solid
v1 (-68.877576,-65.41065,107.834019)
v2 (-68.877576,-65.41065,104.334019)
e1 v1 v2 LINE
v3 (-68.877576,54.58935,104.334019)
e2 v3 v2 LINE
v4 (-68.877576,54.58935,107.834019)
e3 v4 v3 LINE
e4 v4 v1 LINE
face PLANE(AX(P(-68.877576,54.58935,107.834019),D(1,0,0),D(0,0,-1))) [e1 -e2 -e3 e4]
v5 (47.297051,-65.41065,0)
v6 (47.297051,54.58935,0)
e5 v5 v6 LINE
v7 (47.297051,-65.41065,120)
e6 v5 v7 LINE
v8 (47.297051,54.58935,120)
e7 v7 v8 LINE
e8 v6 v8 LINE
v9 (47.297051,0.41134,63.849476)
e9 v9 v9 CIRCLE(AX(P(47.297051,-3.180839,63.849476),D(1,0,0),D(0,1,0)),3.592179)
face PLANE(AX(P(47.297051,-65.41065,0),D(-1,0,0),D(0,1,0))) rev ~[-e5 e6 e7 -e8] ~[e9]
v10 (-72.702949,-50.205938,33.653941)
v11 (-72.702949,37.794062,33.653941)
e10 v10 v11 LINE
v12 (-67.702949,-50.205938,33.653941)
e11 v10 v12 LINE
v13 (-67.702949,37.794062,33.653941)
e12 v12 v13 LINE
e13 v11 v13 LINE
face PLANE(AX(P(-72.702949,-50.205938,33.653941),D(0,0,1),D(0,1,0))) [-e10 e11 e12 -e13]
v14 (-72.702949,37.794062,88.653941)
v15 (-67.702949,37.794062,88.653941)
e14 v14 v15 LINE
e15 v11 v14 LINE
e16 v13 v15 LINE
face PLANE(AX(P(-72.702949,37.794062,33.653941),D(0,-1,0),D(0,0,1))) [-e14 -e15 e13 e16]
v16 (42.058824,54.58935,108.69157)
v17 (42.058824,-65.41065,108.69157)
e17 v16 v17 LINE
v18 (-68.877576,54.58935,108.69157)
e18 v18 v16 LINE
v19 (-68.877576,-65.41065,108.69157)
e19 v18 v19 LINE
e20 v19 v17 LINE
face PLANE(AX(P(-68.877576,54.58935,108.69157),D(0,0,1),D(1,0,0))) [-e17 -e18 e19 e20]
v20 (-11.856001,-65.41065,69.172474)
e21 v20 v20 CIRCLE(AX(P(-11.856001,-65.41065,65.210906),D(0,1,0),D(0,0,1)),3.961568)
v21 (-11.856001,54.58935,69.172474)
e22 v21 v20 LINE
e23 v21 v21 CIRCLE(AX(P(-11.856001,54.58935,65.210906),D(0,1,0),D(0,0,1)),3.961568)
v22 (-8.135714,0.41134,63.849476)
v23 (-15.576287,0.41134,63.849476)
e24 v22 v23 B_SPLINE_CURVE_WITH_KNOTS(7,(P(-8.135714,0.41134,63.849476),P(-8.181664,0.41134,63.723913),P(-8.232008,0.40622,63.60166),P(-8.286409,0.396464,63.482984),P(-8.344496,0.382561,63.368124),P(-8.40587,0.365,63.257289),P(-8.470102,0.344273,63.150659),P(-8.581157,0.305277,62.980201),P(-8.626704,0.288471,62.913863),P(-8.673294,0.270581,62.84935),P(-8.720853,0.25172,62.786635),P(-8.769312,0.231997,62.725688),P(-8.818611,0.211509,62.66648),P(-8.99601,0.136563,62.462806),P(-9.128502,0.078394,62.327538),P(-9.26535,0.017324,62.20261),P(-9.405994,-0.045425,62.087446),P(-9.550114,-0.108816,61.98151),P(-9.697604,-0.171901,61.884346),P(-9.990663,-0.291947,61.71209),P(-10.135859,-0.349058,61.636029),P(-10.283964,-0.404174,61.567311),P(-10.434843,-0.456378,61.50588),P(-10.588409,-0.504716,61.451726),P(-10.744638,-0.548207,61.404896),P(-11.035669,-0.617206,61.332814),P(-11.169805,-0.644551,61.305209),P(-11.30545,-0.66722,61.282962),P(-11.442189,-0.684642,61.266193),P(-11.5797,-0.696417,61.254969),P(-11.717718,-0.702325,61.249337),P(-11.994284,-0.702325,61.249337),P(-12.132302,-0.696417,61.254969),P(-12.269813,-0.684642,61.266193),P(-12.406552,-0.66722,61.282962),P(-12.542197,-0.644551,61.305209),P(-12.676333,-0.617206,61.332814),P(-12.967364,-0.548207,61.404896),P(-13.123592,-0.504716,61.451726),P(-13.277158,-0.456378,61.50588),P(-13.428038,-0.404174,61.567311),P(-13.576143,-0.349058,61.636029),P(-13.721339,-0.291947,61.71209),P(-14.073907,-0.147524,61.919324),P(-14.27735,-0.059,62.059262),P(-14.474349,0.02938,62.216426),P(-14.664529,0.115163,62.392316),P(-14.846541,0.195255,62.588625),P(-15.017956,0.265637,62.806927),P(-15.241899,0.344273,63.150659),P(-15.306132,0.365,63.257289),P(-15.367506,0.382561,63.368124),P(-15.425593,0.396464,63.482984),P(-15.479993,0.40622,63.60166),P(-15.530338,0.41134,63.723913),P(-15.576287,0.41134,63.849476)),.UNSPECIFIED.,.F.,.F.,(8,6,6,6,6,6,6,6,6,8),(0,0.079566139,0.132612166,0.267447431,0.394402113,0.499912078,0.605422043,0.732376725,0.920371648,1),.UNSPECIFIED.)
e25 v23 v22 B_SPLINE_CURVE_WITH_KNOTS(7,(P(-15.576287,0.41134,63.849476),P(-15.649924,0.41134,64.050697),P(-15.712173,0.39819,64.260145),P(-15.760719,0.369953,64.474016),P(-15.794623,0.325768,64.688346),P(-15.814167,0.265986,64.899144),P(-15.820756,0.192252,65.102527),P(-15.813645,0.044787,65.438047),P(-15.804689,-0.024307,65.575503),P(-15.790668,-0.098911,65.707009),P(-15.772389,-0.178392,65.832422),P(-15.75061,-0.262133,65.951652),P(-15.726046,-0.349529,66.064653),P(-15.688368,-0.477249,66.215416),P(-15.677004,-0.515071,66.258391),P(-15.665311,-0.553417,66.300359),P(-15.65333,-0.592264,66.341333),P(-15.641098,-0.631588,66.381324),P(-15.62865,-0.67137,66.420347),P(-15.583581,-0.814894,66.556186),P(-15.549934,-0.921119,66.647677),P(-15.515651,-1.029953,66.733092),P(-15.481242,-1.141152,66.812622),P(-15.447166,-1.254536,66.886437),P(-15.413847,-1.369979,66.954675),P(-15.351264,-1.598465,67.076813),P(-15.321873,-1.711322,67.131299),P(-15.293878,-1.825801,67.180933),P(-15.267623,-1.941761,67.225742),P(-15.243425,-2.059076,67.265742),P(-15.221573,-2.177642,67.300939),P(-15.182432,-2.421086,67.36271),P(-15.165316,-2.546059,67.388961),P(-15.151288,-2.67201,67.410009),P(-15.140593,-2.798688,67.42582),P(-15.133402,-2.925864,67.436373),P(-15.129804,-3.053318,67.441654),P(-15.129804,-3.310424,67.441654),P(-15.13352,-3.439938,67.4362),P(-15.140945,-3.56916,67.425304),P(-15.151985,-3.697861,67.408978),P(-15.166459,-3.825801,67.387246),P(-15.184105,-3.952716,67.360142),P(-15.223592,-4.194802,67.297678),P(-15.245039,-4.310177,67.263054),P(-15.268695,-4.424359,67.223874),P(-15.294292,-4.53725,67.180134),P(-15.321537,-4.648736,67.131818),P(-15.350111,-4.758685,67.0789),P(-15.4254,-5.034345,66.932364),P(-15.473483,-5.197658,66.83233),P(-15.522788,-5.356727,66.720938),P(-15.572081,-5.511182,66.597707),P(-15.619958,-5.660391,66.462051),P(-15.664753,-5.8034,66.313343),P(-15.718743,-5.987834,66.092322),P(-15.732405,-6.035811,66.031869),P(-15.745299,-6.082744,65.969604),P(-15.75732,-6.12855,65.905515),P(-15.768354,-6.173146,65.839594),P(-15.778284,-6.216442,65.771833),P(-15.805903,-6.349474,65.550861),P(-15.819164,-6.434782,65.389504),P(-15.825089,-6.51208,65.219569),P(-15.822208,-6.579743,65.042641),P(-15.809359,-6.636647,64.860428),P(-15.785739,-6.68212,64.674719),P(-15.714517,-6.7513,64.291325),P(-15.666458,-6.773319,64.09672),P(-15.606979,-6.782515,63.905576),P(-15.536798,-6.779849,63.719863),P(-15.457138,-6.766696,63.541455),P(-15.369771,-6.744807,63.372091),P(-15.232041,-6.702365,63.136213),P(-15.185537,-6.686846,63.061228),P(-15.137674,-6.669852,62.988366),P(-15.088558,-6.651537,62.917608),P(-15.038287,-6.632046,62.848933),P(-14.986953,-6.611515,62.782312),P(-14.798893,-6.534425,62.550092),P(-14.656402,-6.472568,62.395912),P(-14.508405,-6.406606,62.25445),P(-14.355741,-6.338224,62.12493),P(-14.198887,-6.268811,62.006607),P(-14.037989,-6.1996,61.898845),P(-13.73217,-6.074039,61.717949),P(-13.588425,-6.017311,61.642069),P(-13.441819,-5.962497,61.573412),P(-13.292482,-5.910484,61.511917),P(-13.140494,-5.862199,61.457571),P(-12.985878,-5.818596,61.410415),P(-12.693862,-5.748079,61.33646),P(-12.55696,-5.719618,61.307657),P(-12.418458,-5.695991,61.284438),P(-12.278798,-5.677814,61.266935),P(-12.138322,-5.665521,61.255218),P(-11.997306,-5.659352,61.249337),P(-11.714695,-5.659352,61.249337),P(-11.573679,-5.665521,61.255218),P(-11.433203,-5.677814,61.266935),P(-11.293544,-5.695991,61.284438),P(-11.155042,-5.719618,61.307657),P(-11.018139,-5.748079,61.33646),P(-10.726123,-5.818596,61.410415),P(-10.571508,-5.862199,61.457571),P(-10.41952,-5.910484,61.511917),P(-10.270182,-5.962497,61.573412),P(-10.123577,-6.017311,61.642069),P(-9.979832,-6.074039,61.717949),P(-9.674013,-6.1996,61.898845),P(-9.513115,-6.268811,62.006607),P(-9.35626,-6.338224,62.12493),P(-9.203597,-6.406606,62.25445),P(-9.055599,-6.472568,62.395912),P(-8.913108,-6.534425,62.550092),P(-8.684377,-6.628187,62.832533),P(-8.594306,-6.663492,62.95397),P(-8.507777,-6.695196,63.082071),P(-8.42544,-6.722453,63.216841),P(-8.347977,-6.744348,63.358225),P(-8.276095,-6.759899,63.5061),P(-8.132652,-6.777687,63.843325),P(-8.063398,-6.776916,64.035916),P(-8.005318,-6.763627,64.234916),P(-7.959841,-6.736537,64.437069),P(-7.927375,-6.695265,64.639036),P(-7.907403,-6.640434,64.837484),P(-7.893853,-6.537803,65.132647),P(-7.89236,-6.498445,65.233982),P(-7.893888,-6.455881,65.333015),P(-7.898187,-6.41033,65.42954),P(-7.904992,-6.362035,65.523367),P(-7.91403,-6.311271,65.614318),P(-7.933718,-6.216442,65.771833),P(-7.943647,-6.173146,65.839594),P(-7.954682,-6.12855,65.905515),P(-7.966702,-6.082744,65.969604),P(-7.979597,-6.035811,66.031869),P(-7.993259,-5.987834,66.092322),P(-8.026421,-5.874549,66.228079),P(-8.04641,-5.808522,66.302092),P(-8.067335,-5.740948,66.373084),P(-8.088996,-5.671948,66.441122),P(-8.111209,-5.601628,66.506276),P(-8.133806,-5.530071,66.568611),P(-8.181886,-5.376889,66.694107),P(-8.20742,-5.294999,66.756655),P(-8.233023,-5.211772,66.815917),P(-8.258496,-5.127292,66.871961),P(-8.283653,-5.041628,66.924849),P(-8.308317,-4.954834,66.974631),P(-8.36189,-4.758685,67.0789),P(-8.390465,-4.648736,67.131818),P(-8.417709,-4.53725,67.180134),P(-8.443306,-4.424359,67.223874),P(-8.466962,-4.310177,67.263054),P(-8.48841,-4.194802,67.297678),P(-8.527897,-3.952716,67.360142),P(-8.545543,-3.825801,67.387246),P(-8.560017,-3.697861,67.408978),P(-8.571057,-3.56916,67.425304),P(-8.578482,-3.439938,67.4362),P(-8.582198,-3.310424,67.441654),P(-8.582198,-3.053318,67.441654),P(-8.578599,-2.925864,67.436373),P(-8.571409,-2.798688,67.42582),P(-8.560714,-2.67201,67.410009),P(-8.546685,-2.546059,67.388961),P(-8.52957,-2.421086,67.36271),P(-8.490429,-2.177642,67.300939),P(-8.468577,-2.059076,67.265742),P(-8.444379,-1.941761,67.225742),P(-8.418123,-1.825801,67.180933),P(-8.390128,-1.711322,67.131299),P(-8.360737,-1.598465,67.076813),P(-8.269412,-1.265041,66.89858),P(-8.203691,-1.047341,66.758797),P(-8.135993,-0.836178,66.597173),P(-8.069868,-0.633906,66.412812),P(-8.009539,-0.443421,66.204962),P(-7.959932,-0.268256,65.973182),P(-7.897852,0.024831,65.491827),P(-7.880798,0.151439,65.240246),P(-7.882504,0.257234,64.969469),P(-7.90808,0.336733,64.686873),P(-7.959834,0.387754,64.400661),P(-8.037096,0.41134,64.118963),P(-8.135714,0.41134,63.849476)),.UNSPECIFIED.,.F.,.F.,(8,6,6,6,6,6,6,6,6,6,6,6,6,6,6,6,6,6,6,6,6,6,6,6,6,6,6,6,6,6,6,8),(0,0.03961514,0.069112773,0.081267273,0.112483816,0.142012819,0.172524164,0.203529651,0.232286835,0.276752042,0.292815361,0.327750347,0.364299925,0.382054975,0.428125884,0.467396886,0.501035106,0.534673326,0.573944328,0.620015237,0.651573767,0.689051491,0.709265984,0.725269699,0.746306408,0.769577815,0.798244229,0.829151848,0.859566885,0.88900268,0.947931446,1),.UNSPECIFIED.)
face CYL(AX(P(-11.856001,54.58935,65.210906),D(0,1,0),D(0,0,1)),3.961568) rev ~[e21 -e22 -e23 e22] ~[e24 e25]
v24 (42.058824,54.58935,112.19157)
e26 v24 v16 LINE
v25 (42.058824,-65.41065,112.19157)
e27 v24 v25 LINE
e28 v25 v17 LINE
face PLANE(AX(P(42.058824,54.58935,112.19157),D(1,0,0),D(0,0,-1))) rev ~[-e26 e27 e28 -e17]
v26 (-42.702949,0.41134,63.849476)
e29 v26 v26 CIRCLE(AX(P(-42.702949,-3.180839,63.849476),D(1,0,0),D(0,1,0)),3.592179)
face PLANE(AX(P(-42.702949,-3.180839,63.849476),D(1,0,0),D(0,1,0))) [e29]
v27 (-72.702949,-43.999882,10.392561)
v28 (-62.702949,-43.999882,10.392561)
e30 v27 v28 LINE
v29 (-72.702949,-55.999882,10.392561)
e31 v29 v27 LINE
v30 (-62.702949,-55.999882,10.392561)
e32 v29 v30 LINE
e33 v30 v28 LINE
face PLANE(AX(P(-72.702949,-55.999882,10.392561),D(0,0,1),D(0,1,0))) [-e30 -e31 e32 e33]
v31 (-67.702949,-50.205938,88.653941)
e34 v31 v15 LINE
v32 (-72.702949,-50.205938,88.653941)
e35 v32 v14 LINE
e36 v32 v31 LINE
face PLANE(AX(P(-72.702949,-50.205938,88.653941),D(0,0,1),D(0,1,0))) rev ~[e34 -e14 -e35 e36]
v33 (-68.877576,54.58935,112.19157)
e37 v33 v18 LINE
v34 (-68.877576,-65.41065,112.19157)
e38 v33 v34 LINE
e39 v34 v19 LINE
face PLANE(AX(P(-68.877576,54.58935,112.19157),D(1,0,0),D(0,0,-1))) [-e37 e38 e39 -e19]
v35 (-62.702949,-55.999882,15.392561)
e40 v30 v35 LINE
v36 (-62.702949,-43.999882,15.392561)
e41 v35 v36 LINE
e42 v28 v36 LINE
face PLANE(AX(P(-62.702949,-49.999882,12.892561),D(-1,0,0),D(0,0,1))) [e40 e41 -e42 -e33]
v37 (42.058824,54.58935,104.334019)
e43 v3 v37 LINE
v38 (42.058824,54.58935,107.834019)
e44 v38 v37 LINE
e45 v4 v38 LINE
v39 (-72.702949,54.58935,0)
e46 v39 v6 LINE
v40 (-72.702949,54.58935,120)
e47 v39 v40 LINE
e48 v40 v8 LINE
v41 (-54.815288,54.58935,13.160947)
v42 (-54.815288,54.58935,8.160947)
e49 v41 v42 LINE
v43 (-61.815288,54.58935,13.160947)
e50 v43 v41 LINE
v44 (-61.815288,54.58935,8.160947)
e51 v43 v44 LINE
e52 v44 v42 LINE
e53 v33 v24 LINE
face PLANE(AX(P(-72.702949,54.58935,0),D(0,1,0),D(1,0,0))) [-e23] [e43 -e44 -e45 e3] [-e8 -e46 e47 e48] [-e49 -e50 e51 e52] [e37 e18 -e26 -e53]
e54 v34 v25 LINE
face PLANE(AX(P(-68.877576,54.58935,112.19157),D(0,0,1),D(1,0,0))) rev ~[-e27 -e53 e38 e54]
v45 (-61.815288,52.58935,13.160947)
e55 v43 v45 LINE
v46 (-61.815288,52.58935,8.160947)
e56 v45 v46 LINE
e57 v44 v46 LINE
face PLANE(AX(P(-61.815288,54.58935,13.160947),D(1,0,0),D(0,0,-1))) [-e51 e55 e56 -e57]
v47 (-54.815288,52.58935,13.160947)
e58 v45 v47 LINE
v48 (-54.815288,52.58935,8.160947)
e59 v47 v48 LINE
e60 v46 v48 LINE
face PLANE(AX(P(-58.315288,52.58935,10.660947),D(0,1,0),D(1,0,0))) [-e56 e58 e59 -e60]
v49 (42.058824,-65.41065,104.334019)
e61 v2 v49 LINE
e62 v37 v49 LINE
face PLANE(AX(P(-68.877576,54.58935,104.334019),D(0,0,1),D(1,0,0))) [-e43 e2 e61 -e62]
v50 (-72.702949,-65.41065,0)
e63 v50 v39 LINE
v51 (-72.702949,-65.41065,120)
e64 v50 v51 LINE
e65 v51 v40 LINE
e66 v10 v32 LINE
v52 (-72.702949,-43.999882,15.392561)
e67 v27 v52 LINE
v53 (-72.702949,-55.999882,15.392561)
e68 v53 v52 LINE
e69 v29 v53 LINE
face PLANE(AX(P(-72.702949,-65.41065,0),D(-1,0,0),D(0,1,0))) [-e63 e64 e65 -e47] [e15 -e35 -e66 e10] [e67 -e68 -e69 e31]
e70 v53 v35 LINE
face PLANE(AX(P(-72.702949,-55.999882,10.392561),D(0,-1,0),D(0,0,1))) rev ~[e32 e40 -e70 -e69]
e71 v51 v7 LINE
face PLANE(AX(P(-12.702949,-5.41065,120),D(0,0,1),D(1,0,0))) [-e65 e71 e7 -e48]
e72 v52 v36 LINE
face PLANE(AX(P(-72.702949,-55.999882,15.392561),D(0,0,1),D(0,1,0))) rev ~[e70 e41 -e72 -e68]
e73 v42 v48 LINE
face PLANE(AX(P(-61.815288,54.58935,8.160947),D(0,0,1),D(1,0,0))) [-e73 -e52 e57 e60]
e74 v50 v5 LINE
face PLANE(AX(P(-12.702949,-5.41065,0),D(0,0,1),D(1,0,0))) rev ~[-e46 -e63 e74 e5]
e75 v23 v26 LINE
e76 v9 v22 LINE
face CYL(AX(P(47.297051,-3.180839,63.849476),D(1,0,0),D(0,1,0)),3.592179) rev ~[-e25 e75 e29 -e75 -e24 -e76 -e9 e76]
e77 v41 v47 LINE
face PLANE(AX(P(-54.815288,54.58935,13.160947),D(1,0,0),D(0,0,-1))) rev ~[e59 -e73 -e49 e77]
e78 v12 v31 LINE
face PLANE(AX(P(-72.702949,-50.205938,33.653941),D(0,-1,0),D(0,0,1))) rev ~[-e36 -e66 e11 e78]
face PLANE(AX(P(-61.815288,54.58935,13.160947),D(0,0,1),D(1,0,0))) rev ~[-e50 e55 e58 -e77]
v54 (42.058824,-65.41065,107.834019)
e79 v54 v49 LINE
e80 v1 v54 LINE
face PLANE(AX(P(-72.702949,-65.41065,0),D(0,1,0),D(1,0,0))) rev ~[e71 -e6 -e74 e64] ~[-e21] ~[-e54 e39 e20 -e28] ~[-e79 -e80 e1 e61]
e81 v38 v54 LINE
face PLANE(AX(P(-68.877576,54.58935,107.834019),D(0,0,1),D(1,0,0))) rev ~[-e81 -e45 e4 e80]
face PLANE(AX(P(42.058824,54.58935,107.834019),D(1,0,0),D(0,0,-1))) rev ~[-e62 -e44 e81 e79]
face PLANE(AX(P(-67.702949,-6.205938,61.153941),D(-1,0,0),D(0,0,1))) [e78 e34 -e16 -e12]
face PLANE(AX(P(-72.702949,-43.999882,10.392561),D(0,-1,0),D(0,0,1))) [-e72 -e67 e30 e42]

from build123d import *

# Parameters (mm, degrees)
ESBO_O1_W                = 120
ESBO_O1_H                = 120
RESSALTO_EXTRUS_O1_DEPTH = 120
ESBO_O2_W                = 55
ESBO_O2_H                = 88
CORTE_EXTRUS_O2_DEPTH    = 5
ESBO_O3_W                = 110.936399694
ESBO_O3_H                = 3.5
CORTE_EXTRUS_O3_DEPTH    = 142
ESBO_O4_W                = 7
ESBO_O4_H                = 5
CORTE_EXTRUS_O5_DEPTH    = 2
ESBO_O5_W                = 5
ESBO_O5_H                = 12
CORTE_EXTRUS_O6_DEPTH    = 10
ESBO_O6_R                = 3.961568313
CORTE_EXTRUS_O7_DEPTH    = 230
ESBO_O7_R                = 3.592178765
CORTE_EXTRUS_O8_DEPTH    = 90


with BuildPart() as part:
    # Esboço1 → Ressalto-extrusão1 (new body)
    with BuildSketch(Plane.XY):
        with Locations((-12.702949292, -5.410650407)):
            Rectangle(ESBO_O1_W, ESBO_O1_H)
    extrude(amount=RESSALTO_EXTRUS_O1_DEPTH)

    # Esboço2 → Corte-extrusão2 (cut)
    with BuildSketch(Plane.ZY.offset(72.702949292)):
        with Locations((61.153940809, -6.205937977)):
            Rectangle(ESBO_O2_W, ESBO_O2_H)
    extrude(amount=-CORTE_EXTRUS_O2_DEPTH, mode=Mode.SUBTRACT)

    # Esboço3 → Corte-extrusão3 (cut)
    with BuildSketch(Plane(origin=(0, 54.589349593, 0), x_dir=(1, 0, 0), z_dir=(0, 1, 0))):
        with Locations((-13.409376007, -110.441569905)):
            Rectangle(ESBO_O3_W, ESBO_O3_H)
        with Locations((-13.409376007, -106.084018742)):
            Rectangle(ESBO_O3_W, ESBO_O3_H)
    extrude(amount=-CORTE_EXTRUS_O3_DEPTH, mode=Mode.SUBTRACT)

    # Esboço4 → Corte-extrusão5 (cut)
    with BuildSketch(Plane(origin=(0, 54.589349593, 0), x_dir=(1, 0, 0), z_dir=(0, 1, 0))):
        with Locations((-58.31528793, -10.660946626)):
            Rectangle(ESBO_O4_W, ESBO_O4_H)
    extrude(amount=-CORTE_EXTRUS_O5_DEPTH, mode=Mode.SUBTRACT)

    # Esboço5 → Corte-extrusão6 (cut)
    with BuildSketch(Plane.ZY.offset(72.702949292)):
        with Locations((12.892561397, -49.999881636)):
            Rectangle(ESBO_O5_W, ESBO_O5_H)
    extrude(amount=-CORTE_EXTRUS_O6_DEPTH, mode=Mode.SUBTRACT)

    # Esboço6 → Corte-extrusão7 (cut)
    with BuildSketch(Plane(origin=(0, 54.589349593, 0), x_dir=(1, 0, 0), z_dir=(0, 1, 0))):
        with Locations(Location((-11.856000819, -65.210905781, 0), (0, 0, 270))):
            Circle(ESBO_O6_R)
    extrude(amount=-CORTE_EXTRUS_O7_DEPTH, mode=Mode.SUBTRACT)

    # Esboço7 → Corte-extrusão8 (cut)
    with BuildSketch(Plane(origin=(47.297050708, 0, 0), x_dir=(0, 0, -1), z_dir=(1, 0, 0))):
        with Locations(Location((-63.849475515, -3.180838573, 0), (0, 0, 90))):
            Circle(ESBO_O7_R)
    extrude(amount=-CORTE_EXTRUS_O8_DEPTH, mode=Mode.SUBTRACT)


solid = part.part
